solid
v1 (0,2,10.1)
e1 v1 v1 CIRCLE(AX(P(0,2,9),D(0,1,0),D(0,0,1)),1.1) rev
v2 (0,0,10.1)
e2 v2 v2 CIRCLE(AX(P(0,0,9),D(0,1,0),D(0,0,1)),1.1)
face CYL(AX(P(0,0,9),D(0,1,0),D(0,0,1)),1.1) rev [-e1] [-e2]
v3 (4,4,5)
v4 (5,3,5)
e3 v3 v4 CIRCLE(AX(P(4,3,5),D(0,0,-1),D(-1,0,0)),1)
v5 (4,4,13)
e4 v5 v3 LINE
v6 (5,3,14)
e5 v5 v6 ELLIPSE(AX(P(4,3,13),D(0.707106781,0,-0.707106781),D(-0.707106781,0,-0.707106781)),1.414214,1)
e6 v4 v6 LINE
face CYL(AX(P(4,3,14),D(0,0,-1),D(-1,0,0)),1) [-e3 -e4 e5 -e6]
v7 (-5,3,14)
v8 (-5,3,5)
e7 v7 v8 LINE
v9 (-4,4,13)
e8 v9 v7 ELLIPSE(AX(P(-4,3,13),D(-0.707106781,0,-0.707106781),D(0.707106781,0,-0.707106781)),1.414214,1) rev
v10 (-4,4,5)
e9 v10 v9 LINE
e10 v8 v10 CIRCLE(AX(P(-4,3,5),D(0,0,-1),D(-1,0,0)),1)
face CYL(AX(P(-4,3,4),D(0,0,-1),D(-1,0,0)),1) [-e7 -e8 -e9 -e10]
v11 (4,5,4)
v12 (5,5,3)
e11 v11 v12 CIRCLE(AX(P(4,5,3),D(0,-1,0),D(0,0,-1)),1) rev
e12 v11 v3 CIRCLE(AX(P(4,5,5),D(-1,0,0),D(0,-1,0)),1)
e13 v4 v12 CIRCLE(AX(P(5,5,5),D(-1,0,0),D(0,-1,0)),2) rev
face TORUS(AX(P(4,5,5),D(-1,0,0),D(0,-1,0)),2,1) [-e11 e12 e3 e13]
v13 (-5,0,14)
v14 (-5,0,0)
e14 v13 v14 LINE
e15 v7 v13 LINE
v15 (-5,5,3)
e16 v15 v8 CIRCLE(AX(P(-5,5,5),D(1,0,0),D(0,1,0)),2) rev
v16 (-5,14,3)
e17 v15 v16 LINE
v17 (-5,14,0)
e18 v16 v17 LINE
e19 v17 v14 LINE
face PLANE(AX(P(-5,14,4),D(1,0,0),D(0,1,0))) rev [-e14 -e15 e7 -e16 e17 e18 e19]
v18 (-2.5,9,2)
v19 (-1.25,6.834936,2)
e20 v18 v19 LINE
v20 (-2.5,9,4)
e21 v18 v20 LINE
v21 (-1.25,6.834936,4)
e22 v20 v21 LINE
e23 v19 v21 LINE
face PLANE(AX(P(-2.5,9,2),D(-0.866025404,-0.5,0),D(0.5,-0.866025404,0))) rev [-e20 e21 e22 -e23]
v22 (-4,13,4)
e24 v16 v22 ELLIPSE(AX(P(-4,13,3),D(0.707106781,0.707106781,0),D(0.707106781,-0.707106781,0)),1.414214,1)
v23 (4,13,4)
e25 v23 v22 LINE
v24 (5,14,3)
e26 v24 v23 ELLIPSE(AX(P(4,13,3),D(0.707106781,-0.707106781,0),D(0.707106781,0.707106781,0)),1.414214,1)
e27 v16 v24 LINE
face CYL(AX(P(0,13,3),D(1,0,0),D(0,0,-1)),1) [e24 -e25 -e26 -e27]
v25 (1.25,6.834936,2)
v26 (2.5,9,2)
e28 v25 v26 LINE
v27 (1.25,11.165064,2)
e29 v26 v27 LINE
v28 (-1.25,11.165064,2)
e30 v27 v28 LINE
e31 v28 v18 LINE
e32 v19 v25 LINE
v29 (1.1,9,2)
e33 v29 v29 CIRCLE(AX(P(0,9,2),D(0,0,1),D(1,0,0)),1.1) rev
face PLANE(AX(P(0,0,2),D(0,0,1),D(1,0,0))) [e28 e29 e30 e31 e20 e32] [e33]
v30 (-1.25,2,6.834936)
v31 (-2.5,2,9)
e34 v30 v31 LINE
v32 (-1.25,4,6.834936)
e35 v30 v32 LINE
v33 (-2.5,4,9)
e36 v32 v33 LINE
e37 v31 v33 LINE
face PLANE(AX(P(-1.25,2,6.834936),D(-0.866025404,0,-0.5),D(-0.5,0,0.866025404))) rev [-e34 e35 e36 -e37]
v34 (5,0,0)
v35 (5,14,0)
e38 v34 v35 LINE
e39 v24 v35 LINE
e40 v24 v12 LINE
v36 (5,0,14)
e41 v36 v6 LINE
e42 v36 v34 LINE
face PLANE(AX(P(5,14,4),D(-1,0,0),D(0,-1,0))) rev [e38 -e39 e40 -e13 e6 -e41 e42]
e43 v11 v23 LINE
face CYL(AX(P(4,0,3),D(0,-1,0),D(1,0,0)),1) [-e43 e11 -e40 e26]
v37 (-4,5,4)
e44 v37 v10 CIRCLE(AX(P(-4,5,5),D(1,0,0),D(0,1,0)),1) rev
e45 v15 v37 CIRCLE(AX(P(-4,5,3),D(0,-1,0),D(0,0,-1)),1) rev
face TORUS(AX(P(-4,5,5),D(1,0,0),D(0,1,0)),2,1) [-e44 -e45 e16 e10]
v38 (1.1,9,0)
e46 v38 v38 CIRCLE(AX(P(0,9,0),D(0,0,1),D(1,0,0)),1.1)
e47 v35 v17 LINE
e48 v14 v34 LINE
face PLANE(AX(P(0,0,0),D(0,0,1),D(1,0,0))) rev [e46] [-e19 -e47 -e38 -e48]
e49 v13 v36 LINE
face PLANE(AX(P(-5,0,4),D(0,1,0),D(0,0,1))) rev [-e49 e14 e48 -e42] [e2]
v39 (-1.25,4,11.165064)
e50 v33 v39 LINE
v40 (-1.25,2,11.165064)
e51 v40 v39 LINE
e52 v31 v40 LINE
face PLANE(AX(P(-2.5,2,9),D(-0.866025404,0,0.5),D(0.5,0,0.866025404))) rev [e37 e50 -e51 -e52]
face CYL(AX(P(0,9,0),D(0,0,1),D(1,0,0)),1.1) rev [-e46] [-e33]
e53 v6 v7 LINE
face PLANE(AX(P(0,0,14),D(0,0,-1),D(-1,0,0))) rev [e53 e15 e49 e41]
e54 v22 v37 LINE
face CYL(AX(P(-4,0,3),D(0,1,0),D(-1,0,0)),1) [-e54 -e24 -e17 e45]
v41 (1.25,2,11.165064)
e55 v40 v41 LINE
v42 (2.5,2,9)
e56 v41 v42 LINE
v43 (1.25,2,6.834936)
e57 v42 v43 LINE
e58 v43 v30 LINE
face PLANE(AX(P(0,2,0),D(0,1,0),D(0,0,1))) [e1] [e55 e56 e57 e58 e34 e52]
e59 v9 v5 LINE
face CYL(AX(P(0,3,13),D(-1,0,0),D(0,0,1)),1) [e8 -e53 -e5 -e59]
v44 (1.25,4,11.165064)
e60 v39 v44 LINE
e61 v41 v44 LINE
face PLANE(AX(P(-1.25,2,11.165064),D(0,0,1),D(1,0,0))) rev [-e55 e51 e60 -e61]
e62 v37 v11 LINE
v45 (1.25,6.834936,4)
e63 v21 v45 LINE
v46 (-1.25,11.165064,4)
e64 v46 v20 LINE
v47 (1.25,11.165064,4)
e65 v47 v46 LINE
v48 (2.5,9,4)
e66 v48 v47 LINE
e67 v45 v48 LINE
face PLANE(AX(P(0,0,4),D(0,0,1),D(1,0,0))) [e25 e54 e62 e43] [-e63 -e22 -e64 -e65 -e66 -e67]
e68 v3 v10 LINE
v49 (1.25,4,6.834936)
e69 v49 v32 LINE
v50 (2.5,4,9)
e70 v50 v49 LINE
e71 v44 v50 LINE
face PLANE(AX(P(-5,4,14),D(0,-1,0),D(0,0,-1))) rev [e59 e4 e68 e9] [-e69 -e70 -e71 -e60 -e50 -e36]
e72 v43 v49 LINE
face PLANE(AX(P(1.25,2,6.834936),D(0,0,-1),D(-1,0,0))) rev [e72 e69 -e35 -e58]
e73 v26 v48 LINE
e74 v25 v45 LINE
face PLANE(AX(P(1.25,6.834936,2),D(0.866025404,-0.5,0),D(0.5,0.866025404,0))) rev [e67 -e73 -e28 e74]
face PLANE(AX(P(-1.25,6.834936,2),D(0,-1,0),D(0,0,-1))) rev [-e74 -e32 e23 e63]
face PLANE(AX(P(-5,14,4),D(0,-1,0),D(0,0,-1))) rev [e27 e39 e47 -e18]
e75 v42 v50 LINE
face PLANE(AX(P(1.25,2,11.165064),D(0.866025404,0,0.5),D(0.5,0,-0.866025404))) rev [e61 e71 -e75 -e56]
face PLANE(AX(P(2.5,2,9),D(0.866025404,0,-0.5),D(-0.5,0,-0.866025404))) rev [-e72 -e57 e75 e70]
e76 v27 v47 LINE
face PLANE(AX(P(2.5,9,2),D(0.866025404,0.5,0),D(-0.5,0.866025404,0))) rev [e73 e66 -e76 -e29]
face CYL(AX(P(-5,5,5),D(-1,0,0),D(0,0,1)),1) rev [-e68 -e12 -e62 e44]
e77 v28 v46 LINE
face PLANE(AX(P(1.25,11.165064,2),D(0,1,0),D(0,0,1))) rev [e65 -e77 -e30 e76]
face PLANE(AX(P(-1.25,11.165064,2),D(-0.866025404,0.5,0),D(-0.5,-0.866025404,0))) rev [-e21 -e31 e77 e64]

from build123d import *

# Parameters (mm, degrees)
ESQUISSE1_W             = 10
ESQUISSE1_H             = 14
BOSS_EXTRU_1_DEPTH      = 4
ESQUISSE2_W             = 10
ESQUISSE2_H             = 4
BOSS_EXTRU_2_DEPTH      = 10
ESQUISSE3_R             = 1.1
ENL_V_MAT_EXTRU_1_DEPTH = 5
CONG_1_R                = 1
ESQUISSE4_R             = 1.1
ENL_V_MAT_EXTRU_2_DEPTH = 5
ENL_V_MAT_EXTRU_3_DEPTH = 2
ENL_V_MAT_EXTRU_4_DEPTH = 2


with BuildPart() as part:
    # Esquisse1 → Boss.-Extru.1 (new body)
    with BuildSketch(Plane.XY):
        with Locations((0, 7)):
            Rectangle(ESQUISSE1_W, ESQUISSE1_H)
    extrude(amount=BOSS_EXTRU_1_DEPTH)

    # Esquisse2 → Boss.-Extru.2 (add)
    with BuildSketch(Plane.XY.offset(4)):
        with Locations((0, 2)):
            Rectangle(ESQUISSE2_W, ESQUISSE2_H)
    extrude(amount=BOSS_EXTRU_2_DEPTH)

    # Esquisse3 → Enlèv. mat.-Extru.1 (cut, through all)
    with BuildSketch(Plane.XY.offset(4)):
        with Locations((0, 9)):
            Circle(ESQUISSE3_R)
    extrude(amount=-ENL_V_MAT_EXTRU_1_DEPTH, mode=Mode.SUBTRACT)

    # Congé1
    cong_1_edges = [part.edges().sort_by_distance(p)[0] for p in [
        (5, 9, 4),
        (-5, 4, 9),
        (0, 4, 4),
        (5, 4, 9),
        (0, 14, 4),
        (0, 4, 14),
        (-5, 9, 4),
    ]]
    fillet(cong_1_edges, radius=CONG_1_R)

    # Esquisse4 → Enlèv. mat.-Extru.2 (cut, through all)
    with BuildSketch(Plane(origin=(0, 4, 0), x_dir=(1, 0, 0), z_dir=(0, 1, 0))):
        with Locations(Location((0, -9, 0), (0, 0, 270))):  # turned: the seam where the file's is
            Circle(ESQUISSE4_R)
    extrude(amount=-ENL_V_MAT_EXTRU_2_DEPTH, mode=Mode.SUBTRACT)

    # Esquisse5 → Enlèv. mat.-Extru.3 (cut)
    with BuildSketch(Plane.XY.offset(4)):
        Polygon((1.25, 6.834936491), (2.5, 9), (1.25, 11.165063509), (-1.25, 11.165063509), (-2.5, 9), (-1.25, 6.834936491), align=None)
    extrude(amount=-ENL_V_MAT_EXTRU_3_DEPTH, mode=Mode.SUBTRACT)

    # Esquisse6 → Enlèv. mat.-Extru.4 (cut)
    with BuildSketch(Plane(origin=(0, 4, 0), x_dir=(1, 0, 0), z_dir=(0, 1, 0))):
        Polygon((2.5, -9), (1.25, -6.834936491), (-1.25, -6.834936491), (-2.5, -9), (-1.25, -11.165063509), (1.25, -11.165063509), align=None)
    extrude(amount=-ENL_V_MAT_EXTRU_4_DEPTH, mode=Mode.SUBTRACT)


solid = part.part
